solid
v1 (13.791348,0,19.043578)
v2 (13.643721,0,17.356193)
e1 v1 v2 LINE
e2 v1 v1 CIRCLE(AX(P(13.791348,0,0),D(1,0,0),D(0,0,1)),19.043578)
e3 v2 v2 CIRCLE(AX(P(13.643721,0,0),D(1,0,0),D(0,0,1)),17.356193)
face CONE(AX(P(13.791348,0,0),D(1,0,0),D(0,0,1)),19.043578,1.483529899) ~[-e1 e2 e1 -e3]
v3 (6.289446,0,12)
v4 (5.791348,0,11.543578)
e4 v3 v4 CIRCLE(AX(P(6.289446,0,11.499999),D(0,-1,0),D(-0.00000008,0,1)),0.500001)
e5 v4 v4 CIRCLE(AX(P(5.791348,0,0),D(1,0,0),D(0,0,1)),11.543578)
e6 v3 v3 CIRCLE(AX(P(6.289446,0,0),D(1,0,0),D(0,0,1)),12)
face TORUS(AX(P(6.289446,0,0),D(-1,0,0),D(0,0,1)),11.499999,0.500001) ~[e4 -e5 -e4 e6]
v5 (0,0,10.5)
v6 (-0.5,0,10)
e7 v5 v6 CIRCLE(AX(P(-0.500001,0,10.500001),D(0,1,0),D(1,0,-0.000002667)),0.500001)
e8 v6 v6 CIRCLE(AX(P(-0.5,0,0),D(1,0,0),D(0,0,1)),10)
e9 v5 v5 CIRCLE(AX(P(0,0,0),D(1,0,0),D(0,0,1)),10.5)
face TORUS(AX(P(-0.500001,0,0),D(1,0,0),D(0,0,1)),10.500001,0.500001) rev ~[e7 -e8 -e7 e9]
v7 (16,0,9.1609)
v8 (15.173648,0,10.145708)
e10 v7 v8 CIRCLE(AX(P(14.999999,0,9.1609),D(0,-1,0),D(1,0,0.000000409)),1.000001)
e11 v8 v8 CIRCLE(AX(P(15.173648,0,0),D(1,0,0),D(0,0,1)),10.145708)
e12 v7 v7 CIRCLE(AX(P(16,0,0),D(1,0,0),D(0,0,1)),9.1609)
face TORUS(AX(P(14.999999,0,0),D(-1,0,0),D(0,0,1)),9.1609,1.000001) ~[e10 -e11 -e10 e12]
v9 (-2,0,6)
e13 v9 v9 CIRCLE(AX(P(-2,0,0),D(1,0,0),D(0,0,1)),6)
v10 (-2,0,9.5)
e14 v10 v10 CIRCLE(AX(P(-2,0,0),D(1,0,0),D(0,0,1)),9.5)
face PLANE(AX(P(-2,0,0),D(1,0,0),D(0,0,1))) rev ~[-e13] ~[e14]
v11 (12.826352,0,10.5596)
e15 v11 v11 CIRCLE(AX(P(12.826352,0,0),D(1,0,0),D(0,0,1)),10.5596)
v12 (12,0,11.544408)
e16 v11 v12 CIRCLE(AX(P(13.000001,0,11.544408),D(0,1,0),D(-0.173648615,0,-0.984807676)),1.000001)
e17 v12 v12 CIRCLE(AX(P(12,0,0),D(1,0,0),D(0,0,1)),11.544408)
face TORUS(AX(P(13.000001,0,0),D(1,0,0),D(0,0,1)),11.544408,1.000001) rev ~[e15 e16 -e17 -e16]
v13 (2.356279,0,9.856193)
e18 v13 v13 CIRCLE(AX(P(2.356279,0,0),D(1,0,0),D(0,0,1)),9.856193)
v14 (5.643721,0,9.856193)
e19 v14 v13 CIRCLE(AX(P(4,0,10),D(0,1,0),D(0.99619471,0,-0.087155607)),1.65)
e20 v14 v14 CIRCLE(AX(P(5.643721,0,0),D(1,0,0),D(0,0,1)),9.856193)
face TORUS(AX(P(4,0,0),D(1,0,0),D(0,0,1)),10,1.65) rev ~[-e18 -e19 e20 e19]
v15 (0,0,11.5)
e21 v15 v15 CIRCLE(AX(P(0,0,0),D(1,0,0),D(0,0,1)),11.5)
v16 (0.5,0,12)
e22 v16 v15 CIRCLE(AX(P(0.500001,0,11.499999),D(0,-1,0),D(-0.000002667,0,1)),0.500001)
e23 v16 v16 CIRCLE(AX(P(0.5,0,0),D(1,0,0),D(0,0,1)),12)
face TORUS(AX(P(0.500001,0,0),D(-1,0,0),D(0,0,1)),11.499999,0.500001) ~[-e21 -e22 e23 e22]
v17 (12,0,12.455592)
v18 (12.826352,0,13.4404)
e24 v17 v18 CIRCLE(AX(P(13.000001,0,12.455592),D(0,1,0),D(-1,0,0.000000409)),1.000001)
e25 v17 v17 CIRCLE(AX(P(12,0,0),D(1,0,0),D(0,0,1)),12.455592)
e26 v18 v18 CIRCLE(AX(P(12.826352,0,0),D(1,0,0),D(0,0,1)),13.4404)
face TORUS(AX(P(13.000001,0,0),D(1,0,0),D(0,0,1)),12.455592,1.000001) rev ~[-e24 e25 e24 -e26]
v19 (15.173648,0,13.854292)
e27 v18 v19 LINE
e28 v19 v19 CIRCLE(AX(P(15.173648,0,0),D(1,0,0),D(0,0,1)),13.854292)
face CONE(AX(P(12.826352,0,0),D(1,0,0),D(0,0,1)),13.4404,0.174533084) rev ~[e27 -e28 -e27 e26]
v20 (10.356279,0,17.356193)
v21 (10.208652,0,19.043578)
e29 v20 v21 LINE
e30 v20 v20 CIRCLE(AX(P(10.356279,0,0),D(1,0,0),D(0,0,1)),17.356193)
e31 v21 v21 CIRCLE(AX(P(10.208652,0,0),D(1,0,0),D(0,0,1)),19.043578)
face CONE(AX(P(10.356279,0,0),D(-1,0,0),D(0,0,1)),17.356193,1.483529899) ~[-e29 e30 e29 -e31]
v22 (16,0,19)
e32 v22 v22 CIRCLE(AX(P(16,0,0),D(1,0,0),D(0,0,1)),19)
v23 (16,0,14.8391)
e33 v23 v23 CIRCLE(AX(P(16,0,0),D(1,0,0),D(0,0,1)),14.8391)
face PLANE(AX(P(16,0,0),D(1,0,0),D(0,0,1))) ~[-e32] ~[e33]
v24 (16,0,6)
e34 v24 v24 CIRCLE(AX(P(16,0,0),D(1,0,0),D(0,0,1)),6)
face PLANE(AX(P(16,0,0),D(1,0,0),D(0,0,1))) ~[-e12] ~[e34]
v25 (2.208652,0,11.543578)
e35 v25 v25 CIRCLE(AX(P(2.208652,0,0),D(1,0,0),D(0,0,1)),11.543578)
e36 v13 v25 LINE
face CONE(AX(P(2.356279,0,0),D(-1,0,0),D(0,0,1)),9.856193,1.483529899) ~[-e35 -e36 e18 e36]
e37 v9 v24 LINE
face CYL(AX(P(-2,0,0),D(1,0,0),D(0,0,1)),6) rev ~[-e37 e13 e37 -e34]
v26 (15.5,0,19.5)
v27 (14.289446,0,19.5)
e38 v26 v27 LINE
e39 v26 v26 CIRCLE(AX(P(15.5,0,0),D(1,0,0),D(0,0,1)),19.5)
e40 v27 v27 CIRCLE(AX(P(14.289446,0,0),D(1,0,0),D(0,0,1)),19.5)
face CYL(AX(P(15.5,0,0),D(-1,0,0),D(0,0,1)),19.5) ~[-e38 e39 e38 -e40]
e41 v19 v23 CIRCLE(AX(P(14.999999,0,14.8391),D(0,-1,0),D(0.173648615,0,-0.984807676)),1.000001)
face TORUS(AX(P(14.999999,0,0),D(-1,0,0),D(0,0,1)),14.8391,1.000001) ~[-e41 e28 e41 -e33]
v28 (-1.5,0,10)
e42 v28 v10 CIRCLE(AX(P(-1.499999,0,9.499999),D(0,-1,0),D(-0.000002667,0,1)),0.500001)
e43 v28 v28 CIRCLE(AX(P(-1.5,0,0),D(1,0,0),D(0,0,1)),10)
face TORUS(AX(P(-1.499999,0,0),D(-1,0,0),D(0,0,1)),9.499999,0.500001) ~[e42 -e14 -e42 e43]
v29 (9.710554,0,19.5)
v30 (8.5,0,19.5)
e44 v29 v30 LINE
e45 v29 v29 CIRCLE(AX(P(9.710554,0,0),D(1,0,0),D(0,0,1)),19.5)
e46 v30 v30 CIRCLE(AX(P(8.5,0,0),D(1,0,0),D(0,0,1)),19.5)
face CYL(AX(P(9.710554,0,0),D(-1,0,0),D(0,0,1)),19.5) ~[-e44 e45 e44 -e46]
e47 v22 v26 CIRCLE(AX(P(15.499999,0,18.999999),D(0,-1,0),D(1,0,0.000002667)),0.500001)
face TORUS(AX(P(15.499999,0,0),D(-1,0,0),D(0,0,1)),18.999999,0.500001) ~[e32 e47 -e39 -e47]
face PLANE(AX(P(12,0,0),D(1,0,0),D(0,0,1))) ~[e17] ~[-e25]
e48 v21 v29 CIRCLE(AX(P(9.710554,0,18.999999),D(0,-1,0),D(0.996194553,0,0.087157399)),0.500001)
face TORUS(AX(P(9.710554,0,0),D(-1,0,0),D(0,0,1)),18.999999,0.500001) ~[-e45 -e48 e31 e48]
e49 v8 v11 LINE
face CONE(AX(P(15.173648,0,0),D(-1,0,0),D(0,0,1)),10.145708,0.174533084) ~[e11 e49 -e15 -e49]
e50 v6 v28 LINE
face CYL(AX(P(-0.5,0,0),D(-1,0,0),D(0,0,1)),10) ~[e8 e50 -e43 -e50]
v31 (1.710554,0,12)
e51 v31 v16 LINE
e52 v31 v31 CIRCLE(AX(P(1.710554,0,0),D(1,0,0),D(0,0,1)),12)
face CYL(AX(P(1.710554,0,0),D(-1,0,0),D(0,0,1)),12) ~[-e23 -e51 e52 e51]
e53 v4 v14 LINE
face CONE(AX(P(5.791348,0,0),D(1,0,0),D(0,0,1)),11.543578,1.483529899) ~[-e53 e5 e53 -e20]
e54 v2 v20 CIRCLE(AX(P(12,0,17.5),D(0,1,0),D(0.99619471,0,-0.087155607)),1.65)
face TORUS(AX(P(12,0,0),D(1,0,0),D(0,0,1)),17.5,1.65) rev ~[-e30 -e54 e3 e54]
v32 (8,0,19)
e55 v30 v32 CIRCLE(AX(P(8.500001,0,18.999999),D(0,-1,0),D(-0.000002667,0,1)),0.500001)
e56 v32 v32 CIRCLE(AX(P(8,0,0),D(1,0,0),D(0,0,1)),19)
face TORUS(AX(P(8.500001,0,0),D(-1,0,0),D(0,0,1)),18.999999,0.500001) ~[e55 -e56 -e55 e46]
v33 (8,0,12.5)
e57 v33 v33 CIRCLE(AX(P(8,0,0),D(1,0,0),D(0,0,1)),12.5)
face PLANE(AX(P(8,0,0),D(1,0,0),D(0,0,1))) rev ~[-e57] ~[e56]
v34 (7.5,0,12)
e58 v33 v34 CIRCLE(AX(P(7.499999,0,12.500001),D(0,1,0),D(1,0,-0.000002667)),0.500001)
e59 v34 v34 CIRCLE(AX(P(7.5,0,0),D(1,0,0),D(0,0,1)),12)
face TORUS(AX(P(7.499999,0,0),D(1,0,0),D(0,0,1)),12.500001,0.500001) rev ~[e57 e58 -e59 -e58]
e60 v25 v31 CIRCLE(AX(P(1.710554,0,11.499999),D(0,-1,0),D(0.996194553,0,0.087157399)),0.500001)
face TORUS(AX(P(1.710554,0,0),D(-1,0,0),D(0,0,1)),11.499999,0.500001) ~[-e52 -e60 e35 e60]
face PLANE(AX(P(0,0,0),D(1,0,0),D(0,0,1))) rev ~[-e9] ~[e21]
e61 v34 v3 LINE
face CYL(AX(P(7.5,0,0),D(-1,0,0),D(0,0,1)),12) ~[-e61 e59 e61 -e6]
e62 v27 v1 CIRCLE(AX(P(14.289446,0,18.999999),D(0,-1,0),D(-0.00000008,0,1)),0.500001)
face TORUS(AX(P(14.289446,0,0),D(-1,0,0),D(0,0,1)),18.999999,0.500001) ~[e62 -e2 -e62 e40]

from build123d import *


with BuildPart() as f1:
    # F0 (on Front) → F1 (revolve)
    with BuildSketch(Plane.XZ):
        with BuildLine():
            Line((-2, 6), (0, 6))
            Line((0, 6), (16, 6))
            Line((16, 6), (16, 9.1609))
            ThreePointArc((16, 9.1609), (15.766044, 9.803688), (15.173648, 10.145708))
            Line((15.173648, 10.145708), (12.826352, 10.5596))
            ThreePointArc((12.826352, 10.5596), (12.233956, 10.90162), (12, 11.544408))
            Line((12, 11.544408), (12, 12.455592))
            ThreePointArc((12, 12.455592), (12.233956, 13.09838), (12.826352, 13.4404))
            Line((12.826352, 13.4404), (15.173648, 13.854292))
            ThreePointArc((15.173648, 13.854292), (15.766044, 14.196312), (16, 14.8391))
            Line((16, 14.8391), (16, 19))
            ThreePointArc((16, 19), (15.853553, 19.353553), (15.5, 19.5))
            Line((15.5, 19.5), (14.289446, 19.5))
            ThreePointArc((14.289446, 19.5), (13.951651, 19.368639), (13.791348, 19.043578))
            Line((13.791348, 19.043578), (13.643721, 17.356193))
            ThreePointArc((13.643721, 17.356193), (12, 15.85), (10.356279, 17.356193))
            Line((10.356279, 17.356193), (10.208652, 19.043578))
            ThreePointArc((10.208652, 19.043578), (10.048349, 19.368639), (9.710554, 19.5))
            Line((9.710554, 19.5), (8.5, 19.5))
            ThreePointArc((8.5, 19.5), (8.146447, 19.353553), (8, 19))
            Line((8, 19), (8, 12.5))
            ThreePointArc((8, 12.5), (7.853553, 12.146447), (7.5, 12))
            Line((7.5, 12), (6.289446, 12))
            ThreePointArc((6.289446, 12), (5.951651, 11.868639), (5.791348, 11.543578))
            Line((5.791348, 11.543578), (5.643721, 9.856193))
            ThreePointArc((5.643721, 9.856193), (4, 8.35), (2.356279, 9.856193))
            Line((2.356279, 9.856193), (2.208652, 11.543578))
            ThreePointArc((2.208652, 11.543578), (2.048349, 11.868639), (1.710554, 12))
            Line((1.710554, 12), (0.5, 12))
            ThreePointArc((0.5, 12), (0.146447, 11.853553), (0, 11.5))
            Line((0, 11.5), (0, 10.5))
            ThreePointArc((0, 10.5), (-0.146447, 10.146447), (-0.5, 10))
            Line((-0.5, 10), (-1.5, 10))
            ThreePointArc((-1.5, 10), (-1.853553, 9.853553), (-2, 9.5))
            Line((-2, 9.5), (-2, 6))
        make_face()
    revolve(axis=Axis((31.941173, 0, 0), (1, 0, 0)))


solid = f1.part
